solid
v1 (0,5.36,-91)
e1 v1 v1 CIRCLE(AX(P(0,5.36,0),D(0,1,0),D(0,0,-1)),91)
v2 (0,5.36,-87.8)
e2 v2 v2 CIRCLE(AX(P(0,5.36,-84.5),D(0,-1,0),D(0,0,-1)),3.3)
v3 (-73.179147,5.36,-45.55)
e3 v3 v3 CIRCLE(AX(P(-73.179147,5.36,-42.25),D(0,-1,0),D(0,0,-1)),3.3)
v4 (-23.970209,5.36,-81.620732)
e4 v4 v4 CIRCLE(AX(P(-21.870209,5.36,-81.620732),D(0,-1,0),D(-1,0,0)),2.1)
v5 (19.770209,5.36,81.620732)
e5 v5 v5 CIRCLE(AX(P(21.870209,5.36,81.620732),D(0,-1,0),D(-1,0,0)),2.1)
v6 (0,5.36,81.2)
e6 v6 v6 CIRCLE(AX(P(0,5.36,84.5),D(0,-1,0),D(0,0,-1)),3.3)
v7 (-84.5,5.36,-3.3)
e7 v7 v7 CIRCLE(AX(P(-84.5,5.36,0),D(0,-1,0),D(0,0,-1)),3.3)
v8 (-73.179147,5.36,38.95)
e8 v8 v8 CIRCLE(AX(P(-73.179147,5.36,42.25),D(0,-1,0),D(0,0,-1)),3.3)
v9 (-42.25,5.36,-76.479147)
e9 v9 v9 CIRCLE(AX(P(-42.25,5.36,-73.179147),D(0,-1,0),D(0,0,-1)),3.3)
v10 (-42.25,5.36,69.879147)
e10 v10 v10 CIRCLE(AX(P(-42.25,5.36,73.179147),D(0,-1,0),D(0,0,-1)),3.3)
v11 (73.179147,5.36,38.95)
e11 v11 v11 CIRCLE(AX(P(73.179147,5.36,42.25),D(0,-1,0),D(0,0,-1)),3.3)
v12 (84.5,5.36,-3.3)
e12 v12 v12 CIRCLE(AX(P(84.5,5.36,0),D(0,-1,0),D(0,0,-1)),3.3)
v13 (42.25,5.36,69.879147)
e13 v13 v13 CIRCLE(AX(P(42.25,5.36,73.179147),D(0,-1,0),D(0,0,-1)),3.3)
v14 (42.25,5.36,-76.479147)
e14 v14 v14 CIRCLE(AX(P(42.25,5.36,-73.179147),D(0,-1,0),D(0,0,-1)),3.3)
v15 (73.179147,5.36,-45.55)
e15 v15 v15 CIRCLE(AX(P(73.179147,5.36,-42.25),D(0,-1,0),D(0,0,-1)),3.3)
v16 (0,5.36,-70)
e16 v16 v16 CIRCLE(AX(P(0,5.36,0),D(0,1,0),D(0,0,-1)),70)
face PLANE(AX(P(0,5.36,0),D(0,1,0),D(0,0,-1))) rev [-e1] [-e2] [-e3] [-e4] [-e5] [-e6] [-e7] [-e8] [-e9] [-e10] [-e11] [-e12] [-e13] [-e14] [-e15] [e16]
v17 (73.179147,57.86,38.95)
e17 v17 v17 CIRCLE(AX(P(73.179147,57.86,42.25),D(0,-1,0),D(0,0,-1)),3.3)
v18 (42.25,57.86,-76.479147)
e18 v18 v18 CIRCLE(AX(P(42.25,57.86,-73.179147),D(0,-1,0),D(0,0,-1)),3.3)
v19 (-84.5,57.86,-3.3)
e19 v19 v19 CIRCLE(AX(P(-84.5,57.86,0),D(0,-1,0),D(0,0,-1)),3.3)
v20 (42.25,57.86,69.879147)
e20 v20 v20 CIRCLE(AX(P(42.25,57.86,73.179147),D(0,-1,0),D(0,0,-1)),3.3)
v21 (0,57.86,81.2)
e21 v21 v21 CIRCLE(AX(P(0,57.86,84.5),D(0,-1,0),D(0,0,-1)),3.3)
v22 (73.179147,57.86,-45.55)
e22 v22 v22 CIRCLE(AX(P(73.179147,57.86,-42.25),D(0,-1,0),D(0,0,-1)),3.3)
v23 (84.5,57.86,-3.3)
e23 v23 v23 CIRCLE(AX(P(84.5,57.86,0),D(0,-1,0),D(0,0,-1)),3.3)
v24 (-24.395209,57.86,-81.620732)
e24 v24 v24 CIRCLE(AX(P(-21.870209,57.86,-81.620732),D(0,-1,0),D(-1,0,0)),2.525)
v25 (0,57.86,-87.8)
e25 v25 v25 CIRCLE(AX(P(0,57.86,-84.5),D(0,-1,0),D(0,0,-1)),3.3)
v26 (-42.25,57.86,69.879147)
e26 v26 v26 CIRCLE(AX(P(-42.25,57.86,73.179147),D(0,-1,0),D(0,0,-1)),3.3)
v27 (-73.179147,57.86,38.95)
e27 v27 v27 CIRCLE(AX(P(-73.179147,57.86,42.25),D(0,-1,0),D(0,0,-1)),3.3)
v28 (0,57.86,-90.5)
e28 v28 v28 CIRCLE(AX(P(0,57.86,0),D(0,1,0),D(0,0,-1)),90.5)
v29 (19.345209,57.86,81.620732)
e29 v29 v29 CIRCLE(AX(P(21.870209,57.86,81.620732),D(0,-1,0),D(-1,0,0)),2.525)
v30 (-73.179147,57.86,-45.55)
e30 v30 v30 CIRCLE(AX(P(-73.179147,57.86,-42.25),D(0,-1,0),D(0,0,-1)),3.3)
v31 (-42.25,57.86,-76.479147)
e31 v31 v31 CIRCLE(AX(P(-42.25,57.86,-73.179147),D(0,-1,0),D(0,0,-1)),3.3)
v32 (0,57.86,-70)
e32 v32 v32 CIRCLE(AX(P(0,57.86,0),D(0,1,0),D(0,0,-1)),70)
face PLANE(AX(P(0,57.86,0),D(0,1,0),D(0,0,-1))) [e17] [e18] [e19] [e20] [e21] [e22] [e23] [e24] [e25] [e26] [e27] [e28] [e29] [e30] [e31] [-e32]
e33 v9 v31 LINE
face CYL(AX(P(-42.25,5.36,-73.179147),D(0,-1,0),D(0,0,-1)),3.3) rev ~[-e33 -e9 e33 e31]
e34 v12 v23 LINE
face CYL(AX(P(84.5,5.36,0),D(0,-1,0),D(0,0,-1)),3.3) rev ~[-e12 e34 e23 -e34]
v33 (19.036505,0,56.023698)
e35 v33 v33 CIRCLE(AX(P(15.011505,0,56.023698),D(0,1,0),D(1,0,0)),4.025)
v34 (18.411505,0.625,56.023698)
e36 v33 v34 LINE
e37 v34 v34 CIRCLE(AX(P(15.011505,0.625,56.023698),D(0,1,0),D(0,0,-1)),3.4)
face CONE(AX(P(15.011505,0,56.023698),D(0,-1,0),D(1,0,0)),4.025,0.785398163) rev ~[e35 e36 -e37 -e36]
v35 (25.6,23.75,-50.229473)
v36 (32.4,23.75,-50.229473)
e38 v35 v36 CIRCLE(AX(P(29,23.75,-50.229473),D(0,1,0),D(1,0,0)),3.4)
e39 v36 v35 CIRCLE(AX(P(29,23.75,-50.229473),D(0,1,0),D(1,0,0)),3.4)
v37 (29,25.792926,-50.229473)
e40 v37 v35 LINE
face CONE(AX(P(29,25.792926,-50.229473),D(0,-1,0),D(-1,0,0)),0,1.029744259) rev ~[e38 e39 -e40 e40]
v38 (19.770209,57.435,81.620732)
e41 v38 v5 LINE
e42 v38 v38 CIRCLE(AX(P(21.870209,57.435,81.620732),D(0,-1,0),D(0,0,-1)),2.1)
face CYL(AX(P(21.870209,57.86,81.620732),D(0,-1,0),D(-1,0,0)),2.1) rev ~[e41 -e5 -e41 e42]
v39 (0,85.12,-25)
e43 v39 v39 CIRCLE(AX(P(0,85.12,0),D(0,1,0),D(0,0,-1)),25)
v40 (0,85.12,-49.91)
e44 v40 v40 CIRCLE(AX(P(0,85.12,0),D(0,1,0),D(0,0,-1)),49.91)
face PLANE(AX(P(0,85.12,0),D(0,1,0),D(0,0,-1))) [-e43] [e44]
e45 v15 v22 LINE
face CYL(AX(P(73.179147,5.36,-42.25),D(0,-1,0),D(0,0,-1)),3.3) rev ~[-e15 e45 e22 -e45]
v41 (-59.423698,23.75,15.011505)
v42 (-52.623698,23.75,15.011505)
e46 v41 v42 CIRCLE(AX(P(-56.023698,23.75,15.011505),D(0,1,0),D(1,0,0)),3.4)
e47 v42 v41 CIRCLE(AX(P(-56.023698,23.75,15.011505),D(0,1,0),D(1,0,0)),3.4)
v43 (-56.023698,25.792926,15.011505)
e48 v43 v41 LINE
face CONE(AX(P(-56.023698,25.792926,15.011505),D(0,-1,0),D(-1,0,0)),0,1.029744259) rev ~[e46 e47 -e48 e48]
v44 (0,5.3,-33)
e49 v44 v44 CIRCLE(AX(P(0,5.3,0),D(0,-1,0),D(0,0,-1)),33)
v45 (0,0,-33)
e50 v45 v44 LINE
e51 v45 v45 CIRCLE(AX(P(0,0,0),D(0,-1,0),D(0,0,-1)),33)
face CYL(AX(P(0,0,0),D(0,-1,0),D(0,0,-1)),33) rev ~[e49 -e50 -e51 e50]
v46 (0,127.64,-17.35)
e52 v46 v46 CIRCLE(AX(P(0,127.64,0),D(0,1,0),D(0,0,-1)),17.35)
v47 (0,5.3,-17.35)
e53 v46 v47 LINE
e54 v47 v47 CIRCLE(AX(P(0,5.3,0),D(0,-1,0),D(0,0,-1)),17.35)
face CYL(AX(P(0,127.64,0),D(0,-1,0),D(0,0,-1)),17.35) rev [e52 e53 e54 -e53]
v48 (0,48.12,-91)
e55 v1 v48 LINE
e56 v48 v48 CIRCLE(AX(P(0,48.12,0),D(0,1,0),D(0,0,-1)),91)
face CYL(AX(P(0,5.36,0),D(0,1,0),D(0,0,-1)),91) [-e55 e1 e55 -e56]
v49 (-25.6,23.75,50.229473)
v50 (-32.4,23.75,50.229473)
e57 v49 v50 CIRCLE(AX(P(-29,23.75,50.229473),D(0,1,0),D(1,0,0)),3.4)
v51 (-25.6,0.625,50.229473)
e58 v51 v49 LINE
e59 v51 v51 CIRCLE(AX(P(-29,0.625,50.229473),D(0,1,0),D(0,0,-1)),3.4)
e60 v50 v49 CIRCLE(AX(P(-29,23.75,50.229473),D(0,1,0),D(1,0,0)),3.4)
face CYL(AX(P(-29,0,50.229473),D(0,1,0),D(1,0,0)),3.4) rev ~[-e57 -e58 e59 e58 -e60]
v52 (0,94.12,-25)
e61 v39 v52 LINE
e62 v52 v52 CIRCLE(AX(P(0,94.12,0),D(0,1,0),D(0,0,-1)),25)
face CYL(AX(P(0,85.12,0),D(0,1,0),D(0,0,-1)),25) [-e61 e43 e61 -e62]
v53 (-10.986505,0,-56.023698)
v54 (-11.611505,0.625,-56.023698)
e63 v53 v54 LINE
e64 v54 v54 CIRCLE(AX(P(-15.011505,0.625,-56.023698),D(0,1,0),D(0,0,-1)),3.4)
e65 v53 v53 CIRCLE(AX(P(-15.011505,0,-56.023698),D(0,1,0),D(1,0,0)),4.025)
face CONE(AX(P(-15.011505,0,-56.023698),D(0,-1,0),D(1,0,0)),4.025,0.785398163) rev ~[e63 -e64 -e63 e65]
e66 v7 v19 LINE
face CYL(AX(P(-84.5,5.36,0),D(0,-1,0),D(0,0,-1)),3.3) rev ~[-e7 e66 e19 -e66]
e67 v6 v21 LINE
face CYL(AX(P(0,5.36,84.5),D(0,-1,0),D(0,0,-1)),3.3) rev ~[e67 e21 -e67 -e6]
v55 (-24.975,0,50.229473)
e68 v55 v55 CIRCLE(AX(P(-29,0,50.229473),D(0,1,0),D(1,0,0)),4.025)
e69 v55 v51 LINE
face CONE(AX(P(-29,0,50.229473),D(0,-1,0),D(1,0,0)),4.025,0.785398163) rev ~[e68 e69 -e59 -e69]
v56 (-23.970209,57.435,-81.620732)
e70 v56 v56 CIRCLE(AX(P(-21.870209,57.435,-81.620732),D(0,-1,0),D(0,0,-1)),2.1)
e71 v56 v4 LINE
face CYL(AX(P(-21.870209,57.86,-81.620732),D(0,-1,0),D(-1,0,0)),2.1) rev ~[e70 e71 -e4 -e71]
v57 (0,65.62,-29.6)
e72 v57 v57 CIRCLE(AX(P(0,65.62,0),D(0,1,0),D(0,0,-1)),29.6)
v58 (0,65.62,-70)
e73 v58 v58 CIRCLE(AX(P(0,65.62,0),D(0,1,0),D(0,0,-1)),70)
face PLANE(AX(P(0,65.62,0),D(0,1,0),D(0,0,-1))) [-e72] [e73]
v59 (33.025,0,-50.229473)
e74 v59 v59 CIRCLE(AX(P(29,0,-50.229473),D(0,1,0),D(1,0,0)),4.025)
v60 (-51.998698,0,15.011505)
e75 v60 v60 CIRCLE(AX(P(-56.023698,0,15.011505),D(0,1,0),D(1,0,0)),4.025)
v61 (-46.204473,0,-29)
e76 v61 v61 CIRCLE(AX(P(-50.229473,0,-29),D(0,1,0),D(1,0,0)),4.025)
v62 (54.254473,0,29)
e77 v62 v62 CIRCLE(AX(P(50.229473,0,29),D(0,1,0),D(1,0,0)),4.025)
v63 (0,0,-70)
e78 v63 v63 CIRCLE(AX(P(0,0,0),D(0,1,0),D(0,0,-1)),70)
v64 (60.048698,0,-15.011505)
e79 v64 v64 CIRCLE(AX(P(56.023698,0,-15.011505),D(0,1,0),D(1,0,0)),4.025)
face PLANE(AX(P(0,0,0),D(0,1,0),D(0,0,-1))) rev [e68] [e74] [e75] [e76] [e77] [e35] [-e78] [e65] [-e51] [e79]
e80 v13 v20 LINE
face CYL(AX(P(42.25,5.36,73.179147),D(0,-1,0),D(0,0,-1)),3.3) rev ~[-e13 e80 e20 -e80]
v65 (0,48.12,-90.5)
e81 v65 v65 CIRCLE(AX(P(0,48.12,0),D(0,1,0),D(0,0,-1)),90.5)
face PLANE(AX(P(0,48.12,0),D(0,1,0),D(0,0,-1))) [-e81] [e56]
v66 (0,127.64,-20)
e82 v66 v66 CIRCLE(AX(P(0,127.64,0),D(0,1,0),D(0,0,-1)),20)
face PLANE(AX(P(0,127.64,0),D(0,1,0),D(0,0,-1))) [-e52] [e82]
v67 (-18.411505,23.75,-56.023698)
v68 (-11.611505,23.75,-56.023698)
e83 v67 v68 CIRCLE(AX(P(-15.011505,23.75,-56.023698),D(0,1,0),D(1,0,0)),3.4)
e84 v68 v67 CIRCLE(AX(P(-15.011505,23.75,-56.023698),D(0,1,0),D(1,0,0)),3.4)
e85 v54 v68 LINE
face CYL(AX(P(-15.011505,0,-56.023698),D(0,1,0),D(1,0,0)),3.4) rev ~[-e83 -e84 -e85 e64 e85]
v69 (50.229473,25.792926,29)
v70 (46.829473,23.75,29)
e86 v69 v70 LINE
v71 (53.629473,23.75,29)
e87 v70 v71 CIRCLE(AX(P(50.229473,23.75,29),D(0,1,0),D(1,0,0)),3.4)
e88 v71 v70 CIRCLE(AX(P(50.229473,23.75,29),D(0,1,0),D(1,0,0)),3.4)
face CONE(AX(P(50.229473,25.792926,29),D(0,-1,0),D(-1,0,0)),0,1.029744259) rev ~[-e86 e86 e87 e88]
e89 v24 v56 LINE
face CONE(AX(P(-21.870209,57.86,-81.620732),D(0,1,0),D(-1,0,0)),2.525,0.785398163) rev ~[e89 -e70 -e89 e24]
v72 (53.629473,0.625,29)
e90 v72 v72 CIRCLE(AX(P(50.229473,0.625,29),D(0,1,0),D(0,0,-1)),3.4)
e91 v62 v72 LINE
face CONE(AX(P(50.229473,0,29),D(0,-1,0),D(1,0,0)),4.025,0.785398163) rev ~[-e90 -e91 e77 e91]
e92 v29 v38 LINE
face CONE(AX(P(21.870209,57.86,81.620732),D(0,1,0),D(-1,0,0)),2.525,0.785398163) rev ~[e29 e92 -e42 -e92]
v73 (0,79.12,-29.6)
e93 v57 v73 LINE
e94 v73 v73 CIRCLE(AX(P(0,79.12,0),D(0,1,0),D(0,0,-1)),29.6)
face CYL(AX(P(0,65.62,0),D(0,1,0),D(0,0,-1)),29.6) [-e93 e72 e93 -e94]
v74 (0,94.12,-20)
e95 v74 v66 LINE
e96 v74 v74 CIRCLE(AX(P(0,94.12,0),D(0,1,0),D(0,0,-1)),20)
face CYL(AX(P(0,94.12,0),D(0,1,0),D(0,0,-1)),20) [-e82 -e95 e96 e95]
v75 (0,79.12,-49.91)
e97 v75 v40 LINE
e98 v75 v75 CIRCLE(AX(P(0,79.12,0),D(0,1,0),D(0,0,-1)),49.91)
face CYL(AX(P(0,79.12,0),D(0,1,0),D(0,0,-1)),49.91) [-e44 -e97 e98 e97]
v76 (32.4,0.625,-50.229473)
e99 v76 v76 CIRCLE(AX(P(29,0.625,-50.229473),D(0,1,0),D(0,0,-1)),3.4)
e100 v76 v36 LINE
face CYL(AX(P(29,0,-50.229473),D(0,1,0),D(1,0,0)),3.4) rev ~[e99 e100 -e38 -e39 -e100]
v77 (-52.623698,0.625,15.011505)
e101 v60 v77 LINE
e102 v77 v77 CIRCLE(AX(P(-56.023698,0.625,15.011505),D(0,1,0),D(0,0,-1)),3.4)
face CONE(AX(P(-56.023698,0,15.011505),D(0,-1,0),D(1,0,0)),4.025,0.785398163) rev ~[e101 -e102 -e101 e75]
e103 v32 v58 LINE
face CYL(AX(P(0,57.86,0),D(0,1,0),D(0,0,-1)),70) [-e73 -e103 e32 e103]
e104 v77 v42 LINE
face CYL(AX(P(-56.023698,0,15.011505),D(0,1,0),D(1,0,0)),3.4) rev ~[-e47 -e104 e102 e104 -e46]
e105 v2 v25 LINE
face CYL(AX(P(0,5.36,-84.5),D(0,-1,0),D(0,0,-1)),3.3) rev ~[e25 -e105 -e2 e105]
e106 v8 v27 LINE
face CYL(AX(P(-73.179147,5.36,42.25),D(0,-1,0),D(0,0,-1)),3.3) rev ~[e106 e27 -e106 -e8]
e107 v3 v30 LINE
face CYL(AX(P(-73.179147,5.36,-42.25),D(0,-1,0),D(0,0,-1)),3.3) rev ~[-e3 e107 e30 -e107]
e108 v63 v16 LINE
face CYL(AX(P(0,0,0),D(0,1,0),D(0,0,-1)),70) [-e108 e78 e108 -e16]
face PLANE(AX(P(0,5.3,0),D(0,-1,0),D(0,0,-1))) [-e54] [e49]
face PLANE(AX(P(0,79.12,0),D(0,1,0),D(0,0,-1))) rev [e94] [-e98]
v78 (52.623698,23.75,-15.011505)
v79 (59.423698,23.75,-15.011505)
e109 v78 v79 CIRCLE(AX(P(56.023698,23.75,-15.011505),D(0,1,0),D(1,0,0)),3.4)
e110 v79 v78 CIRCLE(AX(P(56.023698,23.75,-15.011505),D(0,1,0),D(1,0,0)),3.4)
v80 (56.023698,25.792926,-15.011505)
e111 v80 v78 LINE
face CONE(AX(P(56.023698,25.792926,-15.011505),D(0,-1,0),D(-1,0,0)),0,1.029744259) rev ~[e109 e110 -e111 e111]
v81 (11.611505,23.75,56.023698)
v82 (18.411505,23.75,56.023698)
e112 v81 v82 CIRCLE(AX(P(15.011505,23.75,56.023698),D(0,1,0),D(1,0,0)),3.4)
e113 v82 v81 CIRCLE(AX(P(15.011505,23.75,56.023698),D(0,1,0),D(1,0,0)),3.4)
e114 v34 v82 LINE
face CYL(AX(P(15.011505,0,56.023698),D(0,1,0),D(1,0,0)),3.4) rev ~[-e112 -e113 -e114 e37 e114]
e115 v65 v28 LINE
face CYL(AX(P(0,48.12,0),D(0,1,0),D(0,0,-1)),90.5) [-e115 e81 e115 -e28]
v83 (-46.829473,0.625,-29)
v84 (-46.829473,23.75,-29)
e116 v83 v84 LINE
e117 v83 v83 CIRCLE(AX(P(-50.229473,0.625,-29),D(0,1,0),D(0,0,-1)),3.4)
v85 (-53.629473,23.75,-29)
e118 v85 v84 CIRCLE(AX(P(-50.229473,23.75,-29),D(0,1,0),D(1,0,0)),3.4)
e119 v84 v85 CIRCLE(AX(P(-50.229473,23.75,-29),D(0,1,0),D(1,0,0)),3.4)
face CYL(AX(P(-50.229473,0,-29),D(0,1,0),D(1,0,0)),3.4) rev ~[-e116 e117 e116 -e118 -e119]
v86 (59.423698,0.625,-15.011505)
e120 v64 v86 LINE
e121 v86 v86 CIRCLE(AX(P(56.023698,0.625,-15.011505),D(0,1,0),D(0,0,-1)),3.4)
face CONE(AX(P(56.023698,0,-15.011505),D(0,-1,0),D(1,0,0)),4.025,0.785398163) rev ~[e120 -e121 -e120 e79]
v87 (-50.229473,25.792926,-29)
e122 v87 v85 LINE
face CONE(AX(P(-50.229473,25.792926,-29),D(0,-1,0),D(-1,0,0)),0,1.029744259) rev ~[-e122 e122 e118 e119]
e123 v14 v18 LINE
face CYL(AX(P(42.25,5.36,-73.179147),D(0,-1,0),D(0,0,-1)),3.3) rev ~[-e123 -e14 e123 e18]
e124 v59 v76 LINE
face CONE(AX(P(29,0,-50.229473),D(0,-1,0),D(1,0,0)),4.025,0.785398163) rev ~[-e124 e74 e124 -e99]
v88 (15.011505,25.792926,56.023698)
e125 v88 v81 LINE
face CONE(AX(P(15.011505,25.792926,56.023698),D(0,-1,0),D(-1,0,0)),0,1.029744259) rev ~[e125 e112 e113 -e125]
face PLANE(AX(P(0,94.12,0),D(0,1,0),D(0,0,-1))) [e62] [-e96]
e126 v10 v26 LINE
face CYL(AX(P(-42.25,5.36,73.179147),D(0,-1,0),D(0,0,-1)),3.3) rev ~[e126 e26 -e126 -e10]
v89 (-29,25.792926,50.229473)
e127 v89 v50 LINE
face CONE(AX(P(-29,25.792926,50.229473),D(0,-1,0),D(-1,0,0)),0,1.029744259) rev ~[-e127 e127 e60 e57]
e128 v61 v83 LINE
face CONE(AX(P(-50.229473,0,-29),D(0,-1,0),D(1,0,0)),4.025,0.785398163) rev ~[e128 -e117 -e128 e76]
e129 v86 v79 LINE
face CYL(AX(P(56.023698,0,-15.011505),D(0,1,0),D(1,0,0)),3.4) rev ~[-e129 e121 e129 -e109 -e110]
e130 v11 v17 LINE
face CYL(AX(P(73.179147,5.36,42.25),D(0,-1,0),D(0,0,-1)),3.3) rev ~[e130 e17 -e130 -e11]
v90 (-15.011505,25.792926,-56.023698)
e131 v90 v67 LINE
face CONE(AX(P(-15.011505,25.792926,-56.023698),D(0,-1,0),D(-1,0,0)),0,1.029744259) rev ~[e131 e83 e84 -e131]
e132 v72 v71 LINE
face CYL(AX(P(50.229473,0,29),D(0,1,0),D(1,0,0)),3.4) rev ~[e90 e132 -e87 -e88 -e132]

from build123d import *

# Parameters (mm, degrees)
SKETCH2_R                        = 33
CUT_EXTRUDE1_DEPTH               = 5.3
SKETCH3_R                        = 3.3
CUT_EXTRUDE2_DEPTH               = 178.522951756
M8X1_25_TAPPED_HOLE2_D           = 6.8
M8X1_25_TAPPED_HOLE2_DEPTH       = 23.75
M8X1_25_TAPPED_HOLE2_CSINK_D     = 8.05
M8X1_25_TAPPED_HOLE2_CSINK_ANGLE = 90
M8X1_25_TAPPED_HOLE2_TIP         = 2.042926105
M5X0_8_TAPPED_HOLE2_D            = 4.2
M5X0_8_TAPPED_HOLE2_CSINK_D      = 5.05
M5X0_8_TAPPED_HOLE2_CSINK_ANGLE  = 90


with BuildPart() as part:
    # Sketch1 → Revolve1 (revolve)
    with BuildSketch(Plane(origin=(0, 0, 0), x_dir=(0, 0, -1), z_dir=(1, 0, 0)), mode=Mode.PRIVATE) as revolve1_sk:
        Polygon((-17.35, 0), (-70, 0), (-70, 5.36), (-91, 5.36), (-91, 48.12), (-90.5, 48.12), (-90.5, 57.86), (-70, 57.86), (-70, 65.62), (-29.6, 65.62), (-29.6, 79.12), (-49.91, 79.12), (-49.91, 85.12), (-25, 85.12), (-25, 94.12), (-20, 94.12), (-20, 127.64), (-17.35, 127.64), align=None)
    revolve(revolve1_sk.sketch.rotate(Axis((0, -94.12, 0), (0, 1, 0)), 180), axis=Axis((0, -94.12, 0), (0, 1, 0)))

    # Sketch2 → Cut-Extrude1 (cut)
    with BuildSketch(Plane.XZ):
        with Locations(Location((0, 0, 0), (0, 0, 270))):
            Circle(SKETCH2_R)
    extrude(amount=-CUT_EXTRUDE1_DEPTH, mode=Mode.SUBTRACT)

    # Sketch3 → Cut-Extrude2 (cut, through all)
    with BuildSketch(Plane.XZ.offset(-5.36)):
        with Locations(Location((-84.5, 0, 0), (0, 0, 270))):
            Circle(SKETCH3_R)
        with Locations(Location((-73.17914662, 42.25, 0), (0, 0, 270))):
            Circle(SKETCH3_R)
        with Locations(Location((-42.25, 73.17914662, 0), (0, 0, 270))):
            Circle(SKETCH3_R)
        with Locations(Location((0, 84.5, 0), (0, 0, 270))):
            Circle(SKETCH3_R)
        with Locations(Location((42.25, 73.17914662, 0), (0, 0, 270))):
            Circle(SKETCH3_R)
        with Locations(Location((73.17914662, 42.25, 0), (0, 0, 270))):
            Circle(SKETCH3_R)
        with Locations(Location((84.5, 0, 0), (0, 0, 270))):
            Circle(SKETCH3_R)
        with Locations(Location((73.17914662, -42.25, 0), (0, 0, 270))):
            Circle(SKETCH3_R)
        with Locations(Location((42.25, -73.17914662, 0), (0, 0, 270))):
            Circle(SKETCH3_R)
        with Locations(Location((0, -84.5, 0), (0, 0, 270))):
            Circle(SKETCH3_R)
        with Locations(Location((-42.25, -73.17914662, 0), (0, 0, 270))):
            Circle(SKETCH3_R)
        with Locations(Location((-73.17914662, -42.25, 0), (0, 0, 270))):
            Circle(SKETCH3_R)
    extrude(amount=-CUT_EXTRUDE2_DEPTH, mode=Mode.SUBTRACT)

    # M8x1.25 Tapped Hole2
    with Locations(Plane(origin=(0, 0, 0), x_dir=(-1, 0, 0), z_dir=(0, -1, 0))):
        with Locations((15.011504616, 56.023697925), (-29, 50.229473419), (-56.023697925, 15.011504616), (-50.229473419, -29), (-15.011504616, -56.023697925), (29, -50.229473419), (56.023697925, -15.011504616), (50.229473419, 29)):
            CounterSinkHole(M8X1_25_TAPPED_HOLE2_D / 2, M8X1_25_TAPPED_HOLE2_CSINK_D / 2, depth=M8X1_25_TAPPED_HOLE2_DEPTH, counter_sink_angle=M8X1_25_TAPPED_HOLE2_CSINK_ANGLE)
            with Locations((0, 0, -(M8X1_25_TAPPED_HOLE2_DEPTH + M8X1_25_TAPPED_HOLE2_TIP / 2))):  # 118° drill point
                Cone(0, M8X1_25_TAPPED_HOLE2_D / 2, M8X1_25_TAPPED_HOLE2_TIP, mode=Mode.SUBTRACT)

    # M5x0.8 Tapped Hole2 (through all)
    with Locations(Plane(origin=(0, 57.86, 0), x_dir=(1, 0, 0), z_dir=(0, 1, 0))):
        with Locations((-21.870209311, 81.620732321), (21.870209311, -81.620732321)):
            CounterSinkHole(M5X0_8_TAPPED_HOLE2_D / 2, M5X0_8_TAPPED_HOLE2_CSINK_D / 2, counter_sink_angle=M5X0_8_TAPPED_HOLE2_CSINK_ANGLE)


solid = part.part
